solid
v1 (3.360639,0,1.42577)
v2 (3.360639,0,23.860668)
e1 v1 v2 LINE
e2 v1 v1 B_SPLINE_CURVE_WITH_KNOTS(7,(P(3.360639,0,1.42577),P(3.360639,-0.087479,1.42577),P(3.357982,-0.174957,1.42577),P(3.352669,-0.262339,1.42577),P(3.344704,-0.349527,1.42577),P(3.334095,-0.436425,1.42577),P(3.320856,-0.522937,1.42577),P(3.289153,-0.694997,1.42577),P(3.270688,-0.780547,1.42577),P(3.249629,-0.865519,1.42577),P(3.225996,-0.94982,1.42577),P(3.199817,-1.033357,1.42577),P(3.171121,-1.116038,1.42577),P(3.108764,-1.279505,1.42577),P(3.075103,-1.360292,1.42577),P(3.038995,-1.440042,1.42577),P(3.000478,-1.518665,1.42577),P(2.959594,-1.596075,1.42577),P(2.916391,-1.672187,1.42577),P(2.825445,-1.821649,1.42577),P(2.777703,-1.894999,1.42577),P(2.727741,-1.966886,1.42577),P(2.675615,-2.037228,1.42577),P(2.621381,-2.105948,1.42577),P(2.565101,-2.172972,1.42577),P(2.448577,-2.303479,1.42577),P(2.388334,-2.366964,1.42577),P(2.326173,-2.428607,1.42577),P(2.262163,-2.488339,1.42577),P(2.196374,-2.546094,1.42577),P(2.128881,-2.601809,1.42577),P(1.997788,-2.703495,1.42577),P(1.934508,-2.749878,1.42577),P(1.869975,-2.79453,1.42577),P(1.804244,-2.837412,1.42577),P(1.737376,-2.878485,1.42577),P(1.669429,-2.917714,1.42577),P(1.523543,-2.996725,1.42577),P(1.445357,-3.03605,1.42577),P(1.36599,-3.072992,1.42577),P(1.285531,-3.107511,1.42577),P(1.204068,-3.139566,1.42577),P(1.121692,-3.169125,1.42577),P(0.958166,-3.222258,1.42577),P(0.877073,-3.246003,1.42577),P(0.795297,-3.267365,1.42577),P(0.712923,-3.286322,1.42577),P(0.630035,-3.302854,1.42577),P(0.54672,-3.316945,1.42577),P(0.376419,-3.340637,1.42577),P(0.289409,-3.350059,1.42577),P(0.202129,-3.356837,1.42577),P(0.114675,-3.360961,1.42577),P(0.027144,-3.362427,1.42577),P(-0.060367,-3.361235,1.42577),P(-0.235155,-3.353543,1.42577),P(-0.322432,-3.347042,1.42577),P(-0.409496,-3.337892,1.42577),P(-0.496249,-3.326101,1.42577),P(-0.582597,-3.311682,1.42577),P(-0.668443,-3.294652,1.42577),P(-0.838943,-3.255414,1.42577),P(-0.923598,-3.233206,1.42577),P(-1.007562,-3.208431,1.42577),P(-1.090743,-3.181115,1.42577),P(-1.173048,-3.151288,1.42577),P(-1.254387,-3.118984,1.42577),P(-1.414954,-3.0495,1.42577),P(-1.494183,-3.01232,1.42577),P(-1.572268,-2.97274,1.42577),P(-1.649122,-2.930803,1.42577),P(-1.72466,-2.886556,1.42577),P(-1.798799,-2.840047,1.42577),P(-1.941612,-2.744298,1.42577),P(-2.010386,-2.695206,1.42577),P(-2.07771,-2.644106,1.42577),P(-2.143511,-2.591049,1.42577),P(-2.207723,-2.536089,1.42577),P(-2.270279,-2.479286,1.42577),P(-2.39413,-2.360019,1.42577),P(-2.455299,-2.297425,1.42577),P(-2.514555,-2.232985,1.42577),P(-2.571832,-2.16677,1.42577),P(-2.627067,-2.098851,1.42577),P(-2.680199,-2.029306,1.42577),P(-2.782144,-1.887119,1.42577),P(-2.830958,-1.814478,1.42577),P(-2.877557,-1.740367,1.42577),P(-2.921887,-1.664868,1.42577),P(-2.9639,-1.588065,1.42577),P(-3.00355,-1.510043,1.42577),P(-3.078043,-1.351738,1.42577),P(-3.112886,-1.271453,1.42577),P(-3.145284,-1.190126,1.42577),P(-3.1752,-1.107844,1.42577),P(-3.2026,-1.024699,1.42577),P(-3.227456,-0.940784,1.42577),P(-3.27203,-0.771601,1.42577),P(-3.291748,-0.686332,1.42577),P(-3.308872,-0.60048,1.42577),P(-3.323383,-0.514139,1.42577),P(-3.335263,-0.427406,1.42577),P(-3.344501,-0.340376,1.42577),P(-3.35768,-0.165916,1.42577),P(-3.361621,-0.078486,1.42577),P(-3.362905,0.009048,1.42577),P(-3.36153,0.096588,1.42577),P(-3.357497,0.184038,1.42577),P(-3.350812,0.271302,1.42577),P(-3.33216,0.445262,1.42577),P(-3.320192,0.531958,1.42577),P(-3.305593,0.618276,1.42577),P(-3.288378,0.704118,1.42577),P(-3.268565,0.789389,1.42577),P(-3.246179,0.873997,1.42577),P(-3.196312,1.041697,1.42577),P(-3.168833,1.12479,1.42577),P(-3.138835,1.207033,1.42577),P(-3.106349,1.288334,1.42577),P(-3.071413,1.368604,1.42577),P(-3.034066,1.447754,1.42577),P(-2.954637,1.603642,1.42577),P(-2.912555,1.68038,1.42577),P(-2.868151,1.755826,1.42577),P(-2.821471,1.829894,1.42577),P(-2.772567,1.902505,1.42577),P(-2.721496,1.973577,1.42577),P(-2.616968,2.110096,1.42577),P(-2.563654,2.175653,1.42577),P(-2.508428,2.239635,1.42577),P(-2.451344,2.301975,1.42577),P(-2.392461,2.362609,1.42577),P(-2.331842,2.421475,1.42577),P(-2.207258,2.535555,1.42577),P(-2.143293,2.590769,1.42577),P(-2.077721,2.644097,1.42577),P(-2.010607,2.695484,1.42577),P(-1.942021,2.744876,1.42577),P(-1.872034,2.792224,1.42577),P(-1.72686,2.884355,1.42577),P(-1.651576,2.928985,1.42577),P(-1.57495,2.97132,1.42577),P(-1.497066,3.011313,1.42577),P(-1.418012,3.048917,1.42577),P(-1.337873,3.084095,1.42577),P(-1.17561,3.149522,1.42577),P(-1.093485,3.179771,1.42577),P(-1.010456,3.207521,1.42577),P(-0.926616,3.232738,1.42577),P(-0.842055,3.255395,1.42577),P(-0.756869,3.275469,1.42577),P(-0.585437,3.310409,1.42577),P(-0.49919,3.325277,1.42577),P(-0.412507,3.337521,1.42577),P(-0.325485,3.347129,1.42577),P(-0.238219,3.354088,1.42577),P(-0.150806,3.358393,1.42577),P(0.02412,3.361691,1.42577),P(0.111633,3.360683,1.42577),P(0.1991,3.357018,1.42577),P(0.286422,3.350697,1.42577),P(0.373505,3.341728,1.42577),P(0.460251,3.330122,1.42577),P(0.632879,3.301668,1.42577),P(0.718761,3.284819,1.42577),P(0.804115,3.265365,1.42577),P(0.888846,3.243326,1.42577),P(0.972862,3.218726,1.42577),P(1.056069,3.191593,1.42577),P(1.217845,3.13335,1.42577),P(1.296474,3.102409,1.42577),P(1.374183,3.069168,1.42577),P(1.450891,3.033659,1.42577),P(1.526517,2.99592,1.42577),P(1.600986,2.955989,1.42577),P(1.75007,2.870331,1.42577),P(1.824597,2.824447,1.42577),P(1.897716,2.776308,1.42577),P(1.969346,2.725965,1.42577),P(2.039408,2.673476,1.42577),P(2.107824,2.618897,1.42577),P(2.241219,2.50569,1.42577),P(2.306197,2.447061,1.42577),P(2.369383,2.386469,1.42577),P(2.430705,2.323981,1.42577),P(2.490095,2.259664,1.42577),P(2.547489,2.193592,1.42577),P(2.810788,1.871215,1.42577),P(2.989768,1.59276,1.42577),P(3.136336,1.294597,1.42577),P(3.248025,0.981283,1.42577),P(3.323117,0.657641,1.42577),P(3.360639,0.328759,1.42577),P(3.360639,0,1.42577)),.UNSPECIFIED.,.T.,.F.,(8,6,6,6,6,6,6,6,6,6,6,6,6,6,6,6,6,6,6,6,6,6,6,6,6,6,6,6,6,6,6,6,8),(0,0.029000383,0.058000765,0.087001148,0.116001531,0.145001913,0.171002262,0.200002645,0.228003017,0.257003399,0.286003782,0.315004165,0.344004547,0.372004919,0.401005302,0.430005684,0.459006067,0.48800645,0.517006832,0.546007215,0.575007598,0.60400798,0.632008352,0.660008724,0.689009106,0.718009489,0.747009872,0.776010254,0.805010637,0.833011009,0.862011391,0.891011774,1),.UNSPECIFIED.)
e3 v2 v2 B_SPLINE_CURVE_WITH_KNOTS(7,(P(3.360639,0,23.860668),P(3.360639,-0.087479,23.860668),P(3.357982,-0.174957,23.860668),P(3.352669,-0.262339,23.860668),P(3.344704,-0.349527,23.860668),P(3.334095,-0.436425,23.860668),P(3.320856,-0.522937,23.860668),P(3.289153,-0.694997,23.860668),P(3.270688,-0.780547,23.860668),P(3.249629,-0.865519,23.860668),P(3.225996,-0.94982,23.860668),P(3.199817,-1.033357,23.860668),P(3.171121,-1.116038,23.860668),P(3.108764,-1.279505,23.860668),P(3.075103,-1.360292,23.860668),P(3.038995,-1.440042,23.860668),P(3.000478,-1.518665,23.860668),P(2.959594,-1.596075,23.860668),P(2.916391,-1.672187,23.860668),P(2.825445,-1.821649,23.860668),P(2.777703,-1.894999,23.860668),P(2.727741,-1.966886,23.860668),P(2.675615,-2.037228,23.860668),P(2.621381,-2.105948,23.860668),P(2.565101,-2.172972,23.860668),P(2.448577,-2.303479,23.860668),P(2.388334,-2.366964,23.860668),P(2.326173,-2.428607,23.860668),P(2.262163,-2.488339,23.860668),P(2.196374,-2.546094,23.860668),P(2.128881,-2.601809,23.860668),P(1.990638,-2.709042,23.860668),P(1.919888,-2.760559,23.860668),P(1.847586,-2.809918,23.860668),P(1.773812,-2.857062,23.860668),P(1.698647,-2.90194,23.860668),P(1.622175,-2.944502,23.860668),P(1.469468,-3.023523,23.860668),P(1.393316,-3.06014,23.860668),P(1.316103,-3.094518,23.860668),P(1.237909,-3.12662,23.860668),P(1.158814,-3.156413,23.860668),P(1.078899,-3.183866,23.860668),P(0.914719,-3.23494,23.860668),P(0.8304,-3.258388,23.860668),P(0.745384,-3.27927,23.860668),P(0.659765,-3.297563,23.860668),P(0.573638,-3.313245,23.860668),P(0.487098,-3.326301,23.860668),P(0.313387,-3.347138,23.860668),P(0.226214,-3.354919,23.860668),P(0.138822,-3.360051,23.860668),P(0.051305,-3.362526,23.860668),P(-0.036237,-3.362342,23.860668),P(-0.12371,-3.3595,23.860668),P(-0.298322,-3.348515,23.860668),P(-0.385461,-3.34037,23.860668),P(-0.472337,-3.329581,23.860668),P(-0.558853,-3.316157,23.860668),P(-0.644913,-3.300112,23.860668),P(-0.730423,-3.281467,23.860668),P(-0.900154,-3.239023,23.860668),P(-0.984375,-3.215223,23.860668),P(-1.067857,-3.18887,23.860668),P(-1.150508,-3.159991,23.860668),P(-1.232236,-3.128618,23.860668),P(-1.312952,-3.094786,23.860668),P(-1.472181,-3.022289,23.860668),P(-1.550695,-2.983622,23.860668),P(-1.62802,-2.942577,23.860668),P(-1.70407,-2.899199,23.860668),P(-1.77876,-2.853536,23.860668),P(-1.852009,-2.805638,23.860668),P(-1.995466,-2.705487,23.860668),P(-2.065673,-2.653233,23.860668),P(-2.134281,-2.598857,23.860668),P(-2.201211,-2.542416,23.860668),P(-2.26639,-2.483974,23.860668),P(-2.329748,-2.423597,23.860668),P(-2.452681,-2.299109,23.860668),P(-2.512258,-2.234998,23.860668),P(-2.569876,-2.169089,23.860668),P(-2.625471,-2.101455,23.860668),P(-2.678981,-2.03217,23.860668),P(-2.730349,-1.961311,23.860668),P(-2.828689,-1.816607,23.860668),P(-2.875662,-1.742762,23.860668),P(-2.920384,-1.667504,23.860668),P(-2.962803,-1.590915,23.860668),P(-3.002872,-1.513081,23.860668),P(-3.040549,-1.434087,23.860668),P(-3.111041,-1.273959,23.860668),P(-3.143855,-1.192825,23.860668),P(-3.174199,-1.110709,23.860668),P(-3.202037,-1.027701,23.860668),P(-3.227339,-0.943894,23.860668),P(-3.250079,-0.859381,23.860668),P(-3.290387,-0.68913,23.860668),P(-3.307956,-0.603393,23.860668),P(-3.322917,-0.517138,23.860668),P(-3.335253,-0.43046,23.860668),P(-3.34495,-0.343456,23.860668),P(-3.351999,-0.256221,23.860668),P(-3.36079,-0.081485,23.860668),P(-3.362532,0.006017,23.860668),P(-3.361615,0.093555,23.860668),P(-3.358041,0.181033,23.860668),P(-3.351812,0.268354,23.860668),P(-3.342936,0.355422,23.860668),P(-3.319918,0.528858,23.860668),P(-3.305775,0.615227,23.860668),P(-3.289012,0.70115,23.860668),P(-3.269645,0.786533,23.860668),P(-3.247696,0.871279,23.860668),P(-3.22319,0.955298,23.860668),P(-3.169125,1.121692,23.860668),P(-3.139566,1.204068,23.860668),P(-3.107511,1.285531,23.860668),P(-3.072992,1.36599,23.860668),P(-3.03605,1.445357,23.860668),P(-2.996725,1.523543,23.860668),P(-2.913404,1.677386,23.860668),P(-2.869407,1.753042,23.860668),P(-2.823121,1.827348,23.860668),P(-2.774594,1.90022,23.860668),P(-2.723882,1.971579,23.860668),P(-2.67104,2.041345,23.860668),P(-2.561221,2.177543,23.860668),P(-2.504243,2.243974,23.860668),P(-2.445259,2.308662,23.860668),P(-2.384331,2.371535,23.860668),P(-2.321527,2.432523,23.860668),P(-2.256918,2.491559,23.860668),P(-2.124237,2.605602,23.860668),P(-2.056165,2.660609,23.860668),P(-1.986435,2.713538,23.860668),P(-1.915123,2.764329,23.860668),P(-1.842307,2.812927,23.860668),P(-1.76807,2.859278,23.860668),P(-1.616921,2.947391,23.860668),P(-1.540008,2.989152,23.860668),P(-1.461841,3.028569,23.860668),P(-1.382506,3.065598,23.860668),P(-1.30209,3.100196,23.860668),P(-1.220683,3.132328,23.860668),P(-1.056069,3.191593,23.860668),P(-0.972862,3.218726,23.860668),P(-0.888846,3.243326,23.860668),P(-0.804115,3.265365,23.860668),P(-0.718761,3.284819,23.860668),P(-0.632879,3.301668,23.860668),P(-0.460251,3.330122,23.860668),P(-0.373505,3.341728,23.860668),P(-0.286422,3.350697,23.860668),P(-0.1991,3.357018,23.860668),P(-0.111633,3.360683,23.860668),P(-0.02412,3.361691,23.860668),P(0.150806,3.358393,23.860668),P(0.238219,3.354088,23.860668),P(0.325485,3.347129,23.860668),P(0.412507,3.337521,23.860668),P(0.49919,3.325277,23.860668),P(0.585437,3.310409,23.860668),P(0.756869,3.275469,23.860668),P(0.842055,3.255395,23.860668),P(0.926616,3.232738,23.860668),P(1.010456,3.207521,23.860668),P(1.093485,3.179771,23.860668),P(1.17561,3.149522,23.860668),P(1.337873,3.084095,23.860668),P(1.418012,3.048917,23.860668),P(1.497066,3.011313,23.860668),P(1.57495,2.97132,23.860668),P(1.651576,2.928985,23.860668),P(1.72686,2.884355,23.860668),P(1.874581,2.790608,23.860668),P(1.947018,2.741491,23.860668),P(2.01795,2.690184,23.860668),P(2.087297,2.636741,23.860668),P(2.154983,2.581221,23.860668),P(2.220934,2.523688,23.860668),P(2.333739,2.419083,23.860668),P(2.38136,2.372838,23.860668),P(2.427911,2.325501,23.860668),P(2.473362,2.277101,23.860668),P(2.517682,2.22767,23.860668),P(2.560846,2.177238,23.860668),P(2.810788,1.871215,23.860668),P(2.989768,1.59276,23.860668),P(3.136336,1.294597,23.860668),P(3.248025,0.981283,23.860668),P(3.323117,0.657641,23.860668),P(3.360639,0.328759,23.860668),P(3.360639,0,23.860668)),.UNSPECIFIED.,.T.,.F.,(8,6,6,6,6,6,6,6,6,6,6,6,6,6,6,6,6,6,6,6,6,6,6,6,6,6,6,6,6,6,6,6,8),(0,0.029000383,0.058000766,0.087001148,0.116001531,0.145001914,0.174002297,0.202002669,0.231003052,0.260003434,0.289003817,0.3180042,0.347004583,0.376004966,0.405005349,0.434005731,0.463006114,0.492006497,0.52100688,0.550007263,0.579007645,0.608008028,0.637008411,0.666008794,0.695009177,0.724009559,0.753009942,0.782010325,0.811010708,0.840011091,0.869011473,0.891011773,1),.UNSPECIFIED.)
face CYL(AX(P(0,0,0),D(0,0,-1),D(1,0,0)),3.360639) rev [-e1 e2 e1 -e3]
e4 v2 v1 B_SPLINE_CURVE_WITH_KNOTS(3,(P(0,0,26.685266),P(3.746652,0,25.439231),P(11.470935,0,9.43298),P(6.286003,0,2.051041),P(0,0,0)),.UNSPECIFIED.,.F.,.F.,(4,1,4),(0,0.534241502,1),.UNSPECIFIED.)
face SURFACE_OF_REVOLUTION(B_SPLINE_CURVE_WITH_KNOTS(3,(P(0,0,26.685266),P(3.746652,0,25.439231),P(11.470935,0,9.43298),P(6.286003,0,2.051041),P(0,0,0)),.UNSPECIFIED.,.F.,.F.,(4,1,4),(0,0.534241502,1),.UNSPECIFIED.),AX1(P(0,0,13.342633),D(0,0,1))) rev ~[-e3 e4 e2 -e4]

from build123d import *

# Parameters (mm, degrees)
F2_R     = 3.360638844
F3_DEPTH = 26.6862659242


with BuildPart() as f1:
    # F0 (on Front) → F1 (revolve)
    with BuildSketch(Plane.XZ):
        with BuildLine():
            Line((0, 26.6852658242), (0, 0))
            add(Edge.make_bspline(
                [(0, 26.6852658242), (3.7466522772, 25.4392307252), (11.470935055, 9.4329801487), (6.2860032053, 2.0510405701), (0, 0)],
                knots=[0, 0, 0, 0, 0.5342415023, 1, 1, 1, 1], degree=3))
        make_face()
    revolve(axis=Axis((0, 0, 13.3426329121), (0, 0, 1)))

    # F2 (on Top) → F3 (cut, through all)
    with BuildSketch(Plane.XY):
        Circle(F2_R)
    extrude(amount=F3_DEPTH, mode=Mode.SUBTRACT)


solid = f1.part
